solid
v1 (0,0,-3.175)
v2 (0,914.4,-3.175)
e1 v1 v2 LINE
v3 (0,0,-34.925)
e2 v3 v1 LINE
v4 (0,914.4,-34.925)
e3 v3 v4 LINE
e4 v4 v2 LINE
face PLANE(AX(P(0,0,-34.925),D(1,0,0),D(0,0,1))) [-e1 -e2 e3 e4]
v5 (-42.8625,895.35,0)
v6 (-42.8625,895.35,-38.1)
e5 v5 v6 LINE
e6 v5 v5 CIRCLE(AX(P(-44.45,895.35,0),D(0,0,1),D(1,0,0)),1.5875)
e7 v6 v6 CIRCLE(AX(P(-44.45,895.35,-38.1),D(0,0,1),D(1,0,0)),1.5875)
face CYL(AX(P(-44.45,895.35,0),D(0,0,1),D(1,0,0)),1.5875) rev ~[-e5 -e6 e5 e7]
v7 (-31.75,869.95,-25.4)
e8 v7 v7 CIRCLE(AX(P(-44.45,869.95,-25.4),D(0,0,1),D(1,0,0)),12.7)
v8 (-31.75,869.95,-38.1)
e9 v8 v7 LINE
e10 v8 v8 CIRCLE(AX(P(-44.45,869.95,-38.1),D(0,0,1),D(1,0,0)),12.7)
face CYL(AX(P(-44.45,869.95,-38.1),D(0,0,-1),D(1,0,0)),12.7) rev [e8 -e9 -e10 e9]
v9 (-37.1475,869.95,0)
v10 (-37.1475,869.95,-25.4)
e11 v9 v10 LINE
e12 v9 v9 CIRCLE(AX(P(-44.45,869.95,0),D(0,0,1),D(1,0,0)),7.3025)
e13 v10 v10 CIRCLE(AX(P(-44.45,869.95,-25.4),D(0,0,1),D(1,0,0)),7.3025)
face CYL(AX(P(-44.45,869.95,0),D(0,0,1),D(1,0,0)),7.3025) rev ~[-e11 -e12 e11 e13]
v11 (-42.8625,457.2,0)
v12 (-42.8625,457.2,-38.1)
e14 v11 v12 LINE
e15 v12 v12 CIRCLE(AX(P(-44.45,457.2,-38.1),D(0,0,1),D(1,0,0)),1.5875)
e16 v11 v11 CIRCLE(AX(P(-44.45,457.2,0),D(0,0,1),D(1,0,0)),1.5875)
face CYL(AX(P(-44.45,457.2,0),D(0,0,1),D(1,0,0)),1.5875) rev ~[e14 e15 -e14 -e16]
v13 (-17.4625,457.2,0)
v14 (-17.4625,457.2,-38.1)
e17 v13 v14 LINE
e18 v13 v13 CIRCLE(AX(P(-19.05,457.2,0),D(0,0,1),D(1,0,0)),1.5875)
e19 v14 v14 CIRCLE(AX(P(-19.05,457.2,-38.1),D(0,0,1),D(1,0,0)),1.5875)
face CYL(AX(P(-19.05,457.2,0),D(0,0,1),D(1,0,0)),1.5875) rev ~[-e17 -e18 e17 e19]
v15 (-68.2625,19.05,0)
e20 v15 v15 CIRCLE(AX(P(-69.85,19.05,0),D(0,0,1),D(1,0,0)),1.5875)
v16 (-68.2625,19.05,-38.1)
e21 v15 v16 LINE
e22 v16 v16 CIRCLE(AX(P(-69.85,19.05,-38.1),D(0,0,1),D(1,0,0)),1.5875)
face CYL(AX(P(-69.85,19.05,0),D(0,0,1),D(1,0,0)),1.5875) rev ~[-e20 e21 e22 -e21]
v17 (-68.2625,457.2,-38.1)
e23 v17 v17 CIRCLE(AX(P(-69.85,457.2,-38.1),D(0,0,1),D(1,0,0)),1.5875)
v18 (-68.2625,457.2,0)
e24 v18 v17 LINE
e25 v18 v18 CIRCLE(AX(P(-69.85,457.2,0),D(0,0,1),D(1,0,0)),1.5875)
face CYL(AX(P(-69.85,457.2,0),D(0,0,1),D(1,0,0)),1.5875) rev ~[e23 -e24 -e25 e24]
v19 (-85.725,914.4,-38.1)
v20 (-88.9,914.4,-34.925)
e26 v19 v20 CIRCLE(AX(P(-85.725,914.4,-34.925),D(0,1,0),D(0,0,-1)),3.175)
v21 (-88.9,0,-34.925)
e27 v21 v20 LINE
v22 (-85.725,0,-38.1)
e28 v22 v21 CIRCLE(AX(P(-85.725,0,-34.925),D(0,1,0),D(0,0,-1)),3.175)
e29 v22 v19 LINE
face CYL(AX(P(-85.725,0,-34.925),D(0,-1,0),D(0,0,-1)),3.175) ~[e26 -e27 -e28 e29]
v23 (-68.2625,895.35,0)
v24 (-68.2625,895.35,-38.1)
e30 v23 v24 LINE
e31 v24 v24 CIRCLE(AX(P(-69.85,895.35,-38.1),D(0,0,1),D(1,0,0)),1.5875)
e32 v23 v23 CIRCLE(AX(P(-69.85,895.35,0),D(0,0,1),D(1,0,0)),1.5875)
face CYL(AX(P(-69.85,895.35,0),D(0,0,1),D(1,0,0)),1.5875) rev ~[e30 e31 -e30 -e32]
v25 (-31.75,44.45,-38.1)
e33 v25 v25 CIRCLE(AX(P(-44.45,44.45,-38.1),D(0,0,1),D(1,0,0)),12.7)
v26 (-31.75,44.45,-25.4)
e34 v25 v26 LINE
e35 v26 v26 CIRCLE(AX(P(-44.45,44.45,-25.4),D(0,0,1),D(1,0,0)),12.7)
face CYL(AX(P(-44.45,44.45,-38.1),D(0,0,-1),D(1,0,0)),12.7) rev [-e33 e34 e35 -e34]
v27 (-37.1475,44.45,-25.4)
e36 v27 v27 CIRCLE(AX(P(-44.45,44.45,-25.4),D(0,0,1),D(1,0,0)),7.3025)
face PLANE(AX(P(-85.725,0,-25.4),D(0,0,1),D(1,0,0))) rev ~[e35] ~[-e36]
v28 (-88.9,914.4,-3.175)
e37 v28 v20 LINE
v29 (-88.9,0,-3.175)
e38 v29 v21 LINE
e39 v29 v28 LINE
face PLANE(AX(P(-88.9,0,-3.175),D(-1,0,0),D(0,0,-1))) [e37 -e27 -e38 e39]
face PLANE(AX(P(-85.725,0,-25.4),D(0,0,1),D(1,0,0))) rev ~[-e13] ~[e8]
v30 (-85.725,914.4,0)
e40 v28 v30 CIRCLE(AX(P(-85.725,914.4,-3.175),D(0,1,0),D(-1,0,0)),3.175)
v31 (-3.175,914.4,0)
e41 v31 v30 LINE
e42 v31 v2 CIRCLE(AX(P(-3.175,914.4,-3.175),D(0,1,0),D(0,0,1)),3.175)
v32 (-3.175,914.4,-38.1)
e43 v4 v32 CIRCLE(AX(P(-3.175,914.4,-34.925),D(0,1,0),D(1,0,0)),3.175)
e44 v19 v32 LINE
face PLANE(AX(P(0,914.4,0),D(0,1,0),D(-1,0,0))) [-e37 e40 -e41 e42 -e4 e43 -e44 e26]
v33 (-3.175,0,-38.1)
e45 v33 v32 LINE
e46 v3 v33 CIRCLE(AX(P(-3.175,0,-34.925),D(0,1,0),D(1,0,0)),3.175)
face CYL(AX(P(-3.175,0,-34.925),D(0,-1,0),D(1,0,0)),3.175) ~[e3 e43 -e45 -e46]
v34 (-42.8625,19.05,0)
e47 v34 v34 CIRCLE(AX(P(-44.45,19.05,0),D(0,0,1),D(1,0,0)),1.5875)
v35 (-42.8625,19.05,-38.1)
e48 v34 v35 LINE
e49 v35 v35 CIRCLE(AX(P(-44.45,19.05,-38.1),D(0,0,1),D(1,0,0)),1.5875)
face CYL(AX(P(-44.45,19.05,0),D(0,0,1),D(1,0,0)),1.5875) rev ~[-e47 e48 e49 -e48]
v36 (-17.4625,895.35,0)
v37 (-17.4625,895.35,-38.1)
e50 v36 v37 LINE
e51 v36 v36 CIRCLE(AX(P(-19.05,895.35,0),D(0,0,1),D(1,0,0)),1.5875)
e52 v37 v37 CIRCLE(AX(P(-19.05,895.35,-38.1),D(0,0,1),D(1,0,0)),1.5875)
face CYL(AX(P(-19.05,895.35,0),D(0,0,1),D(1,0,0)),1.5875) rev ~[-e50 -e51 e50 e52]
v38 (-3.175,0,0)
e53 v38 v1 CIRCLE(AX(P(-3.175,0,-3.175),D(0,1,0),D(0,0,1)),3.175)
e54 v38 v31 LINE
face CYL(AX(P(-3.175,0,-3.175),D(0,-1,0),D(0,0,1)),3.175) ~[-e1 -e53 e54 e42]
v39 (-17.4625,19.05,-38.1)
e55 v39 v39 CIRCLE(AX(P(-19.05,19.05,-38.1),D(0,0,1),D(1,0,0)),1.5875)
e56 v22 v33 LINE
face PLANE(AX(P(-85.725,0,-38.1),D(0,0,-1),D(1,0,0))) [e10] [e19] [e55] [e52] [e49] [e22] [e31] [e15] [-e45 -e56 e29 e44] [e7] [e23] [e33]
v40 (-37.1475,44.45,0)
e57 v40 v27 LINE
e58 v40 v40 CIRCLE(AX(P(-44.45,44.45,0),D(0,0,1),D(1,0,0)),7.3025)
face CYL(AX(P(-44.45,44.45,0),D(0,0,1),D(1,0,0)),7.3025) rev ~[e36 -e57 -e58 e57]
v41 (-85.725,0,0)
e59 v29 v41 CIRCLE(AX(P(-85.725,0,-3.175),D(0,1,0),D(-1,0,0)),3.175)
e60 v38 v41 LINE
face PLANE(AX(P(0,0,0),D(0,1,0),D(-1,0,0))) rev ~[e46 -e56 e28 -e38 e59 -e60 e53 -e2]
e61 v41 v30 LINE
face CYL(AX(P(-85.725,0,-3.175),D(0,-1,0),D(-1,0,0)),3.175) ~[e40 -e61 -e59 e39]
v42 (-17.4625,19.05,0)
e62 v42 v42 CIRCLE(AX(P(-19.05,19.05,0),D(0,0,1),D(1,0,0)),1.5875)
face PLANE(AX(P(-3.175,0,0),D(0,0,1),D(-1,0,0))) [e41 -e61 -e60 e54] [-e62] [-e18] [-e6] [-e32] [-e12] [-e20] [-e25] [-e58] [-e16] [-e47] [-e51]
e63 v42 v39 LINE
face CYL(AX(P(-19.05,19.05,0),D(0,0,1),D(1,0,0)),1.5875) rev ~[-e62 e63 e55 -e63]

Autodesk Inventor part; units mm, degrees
ref_plane "YZ Plane" through (0, 0, 0) normal (1, 0, 0) x (0, 1, 0)
ref_plane "XZ Plane" through (0, 0, 0) normal (0, 1, 0) x (-1, 0, 0)
ref_plane "XY Plane" through (0, 0, 0) normal (0, 0, 1) x (1, 0, 0)
sketch "Sketch1" plane through (0, 0, 0) normal (0, 1, 0) x (-1, 0, 0)
  line L0 (3.175, 0) -> (85.725, 0)
  line L1 (88.9, -3.175) -> (88.9, -34.925)
  line L2 (85.725, -38.1) -> (3.175, -38.1)
  line L3 (0, -34.925) -> (0, -3.175)
  arc A0 (88.9, -3.175) -> (85.725, 0) centre (85.725, -3.175) ccw
  arc A1 (85.725, -38.1) -> (88.9, -34.925) centre (85.725, -34.925) ccw
  arc A2 (0, -34.925) -> (3.175, -38.1) centre (3.175, -34.925) ccw
  arc A3 (3.175, 0) -> (0, -3.175) centre (3.175, -3.175) ccw
  point P0 (0, 0)
  point P1 (88.9, -38.1)
  point P2 (88.9, 0)
  point P3 (0, -38.1)
  dimension "d0" = 88.9
  dimension "d1" = 38.1
  dimension "d2" = 3.175
extrude "Extrusion1" add sketch "Sketch1" along normal blind 914.4
sketch "Sketch2" plane through (-85.725, 0, 0) normal (0, 0, 1) x (1, 0, 0)
  line L0 (0, 0) -> (82.55, 0) construction
  line L1 (82.55, 0) -> (82.55, 914.4) construction
  line L2 (0, 914.4) -> (82.55, 914.4) construction
  line L3 (0, 0) -> (0, 914.4) construction
  line L4 (-3.175, 0) -> (-3.175, 914.4) construction
  line L5 (85.725, 0) -> (85.725, 914.4) construction
  circle A0 centre (41.275, 44.45) radius 7.3025
  line L6 (41.275, 0) -> (41.275, 44.45) construction
  line L7 (41.275, 44.45) -> (-3.175, 44.45) construction
  line L8 (-3.175, 0) -> (-3.175, 914.4) construction
  line L9 (-3.175, 457.2) -> (85.725, 457.2) construction
  circle A1 centre (41.275, 869.95) radius 7.3025
  dimension "d5" = 14.605
extrude "Extrusion2" cut sketch "Sketch2" against normal through all
sketch "Sketch3" plane through (-85.725, 0, -38.1) normal (0, 0, 1) x (1, 0, 0)
  circle A0 centre (41.275, 44.45) radius 7.3025 projected
  circle A1 centre (41.275, 44.45) radius 12.7
  line L0 (0, 0) -> (0, 914.4) construction
  line L1 (0, 457.2) -> (82.55, 457.2) construction
  line L2 (82.55, 0) -> (82.55, 914.4) construction
  circle A2 centre (41.275, 869.95) radius 12.7
  point P0 (85.725, 0)
  dimension "d8" = 25.4
extrude "Extrusion3" cut sketch "Sketch3" along normal blind 12.7 contours A0 | A1 | A2
sketch "Sketch4" plane through (-85.725, 0, 0) normal (0, 0, 1) x (1, 0, 0)
  line L0 (85.725, 0) -> (-3.175, 0) construction
  line L1 (-3.175, 0) -> (-3.175, 38.1) construction
  line L2 (-3.175, 38.1) -> (85.725, 38.1) construction
  line L3 (85.725, 38.1) -> (85.725, 0) construction
  circle A0 centre (66.675, 19.05) radius 19.05 construction
  line L4 (0, 0) -> (82.55, 0) projected
  circle A1 centre (15.875, 19.05) radius 19.05 construction
  circle A2 centre (66.675, 19.05) radius 1.5875
  circle A3 centre (15.875, 19.05) radius 1.5875
  circle A4 centre (41.275, 19.05) radius 1.5875
  line L5 (0, 0) -> (0, 914.4) projected
  line L6 (0, 457.2) -> (82.55, 457.2) construction
  line L7 (82.55, 0) -> (82.55, 914.4) projected
  line L8 (85.725, 438.15) -> (-3.175, 438.15) construction
  line L9 (-3.175, 438.15) -> (-3.175, 476.25) construction
  line L10 (-3.175, 476.25) -> (85.725, 476.25) construction
  line L11 (85.725, 476.25) -> (85.725, 438.15) construction
  circle A5 centre (66.675, 457.2) radius 19.05 construction
  circle A6 centre (15.875, 457.2) radius 19.05 construction
  circle A7 centre (66.675, 457.2) radius 1.5875
  circle A8 centre (15.875, 457.2) radius 1.5875
  circle A9 centre (41.275, 457.2) radius 1.5875
  circle A10 centre (66.675, 895.35) radius 1.5875
  circle A11 centre (15.875, 895.35) radius 1.5875
  circle A12 centre (41.275, 895.35) radius 1.5875
  point P0 (41.275, 0)
  point P1 (41.275, 438.15)
  point P2 (41.275, 457.2)
  dimension "d11" = 88.9
  dimension "d12" = 38.1
  dimension "d13" = 3.175
  dimension "d14" = 88.9
  dimension "d15" = 38.1
  dimension "d16" = 3.175
extrude "Extrusion4" cut sketch "Sketch4" against normal through all
properties part number "Horizontal Beam 3ft" material "Wood (Birch)"
